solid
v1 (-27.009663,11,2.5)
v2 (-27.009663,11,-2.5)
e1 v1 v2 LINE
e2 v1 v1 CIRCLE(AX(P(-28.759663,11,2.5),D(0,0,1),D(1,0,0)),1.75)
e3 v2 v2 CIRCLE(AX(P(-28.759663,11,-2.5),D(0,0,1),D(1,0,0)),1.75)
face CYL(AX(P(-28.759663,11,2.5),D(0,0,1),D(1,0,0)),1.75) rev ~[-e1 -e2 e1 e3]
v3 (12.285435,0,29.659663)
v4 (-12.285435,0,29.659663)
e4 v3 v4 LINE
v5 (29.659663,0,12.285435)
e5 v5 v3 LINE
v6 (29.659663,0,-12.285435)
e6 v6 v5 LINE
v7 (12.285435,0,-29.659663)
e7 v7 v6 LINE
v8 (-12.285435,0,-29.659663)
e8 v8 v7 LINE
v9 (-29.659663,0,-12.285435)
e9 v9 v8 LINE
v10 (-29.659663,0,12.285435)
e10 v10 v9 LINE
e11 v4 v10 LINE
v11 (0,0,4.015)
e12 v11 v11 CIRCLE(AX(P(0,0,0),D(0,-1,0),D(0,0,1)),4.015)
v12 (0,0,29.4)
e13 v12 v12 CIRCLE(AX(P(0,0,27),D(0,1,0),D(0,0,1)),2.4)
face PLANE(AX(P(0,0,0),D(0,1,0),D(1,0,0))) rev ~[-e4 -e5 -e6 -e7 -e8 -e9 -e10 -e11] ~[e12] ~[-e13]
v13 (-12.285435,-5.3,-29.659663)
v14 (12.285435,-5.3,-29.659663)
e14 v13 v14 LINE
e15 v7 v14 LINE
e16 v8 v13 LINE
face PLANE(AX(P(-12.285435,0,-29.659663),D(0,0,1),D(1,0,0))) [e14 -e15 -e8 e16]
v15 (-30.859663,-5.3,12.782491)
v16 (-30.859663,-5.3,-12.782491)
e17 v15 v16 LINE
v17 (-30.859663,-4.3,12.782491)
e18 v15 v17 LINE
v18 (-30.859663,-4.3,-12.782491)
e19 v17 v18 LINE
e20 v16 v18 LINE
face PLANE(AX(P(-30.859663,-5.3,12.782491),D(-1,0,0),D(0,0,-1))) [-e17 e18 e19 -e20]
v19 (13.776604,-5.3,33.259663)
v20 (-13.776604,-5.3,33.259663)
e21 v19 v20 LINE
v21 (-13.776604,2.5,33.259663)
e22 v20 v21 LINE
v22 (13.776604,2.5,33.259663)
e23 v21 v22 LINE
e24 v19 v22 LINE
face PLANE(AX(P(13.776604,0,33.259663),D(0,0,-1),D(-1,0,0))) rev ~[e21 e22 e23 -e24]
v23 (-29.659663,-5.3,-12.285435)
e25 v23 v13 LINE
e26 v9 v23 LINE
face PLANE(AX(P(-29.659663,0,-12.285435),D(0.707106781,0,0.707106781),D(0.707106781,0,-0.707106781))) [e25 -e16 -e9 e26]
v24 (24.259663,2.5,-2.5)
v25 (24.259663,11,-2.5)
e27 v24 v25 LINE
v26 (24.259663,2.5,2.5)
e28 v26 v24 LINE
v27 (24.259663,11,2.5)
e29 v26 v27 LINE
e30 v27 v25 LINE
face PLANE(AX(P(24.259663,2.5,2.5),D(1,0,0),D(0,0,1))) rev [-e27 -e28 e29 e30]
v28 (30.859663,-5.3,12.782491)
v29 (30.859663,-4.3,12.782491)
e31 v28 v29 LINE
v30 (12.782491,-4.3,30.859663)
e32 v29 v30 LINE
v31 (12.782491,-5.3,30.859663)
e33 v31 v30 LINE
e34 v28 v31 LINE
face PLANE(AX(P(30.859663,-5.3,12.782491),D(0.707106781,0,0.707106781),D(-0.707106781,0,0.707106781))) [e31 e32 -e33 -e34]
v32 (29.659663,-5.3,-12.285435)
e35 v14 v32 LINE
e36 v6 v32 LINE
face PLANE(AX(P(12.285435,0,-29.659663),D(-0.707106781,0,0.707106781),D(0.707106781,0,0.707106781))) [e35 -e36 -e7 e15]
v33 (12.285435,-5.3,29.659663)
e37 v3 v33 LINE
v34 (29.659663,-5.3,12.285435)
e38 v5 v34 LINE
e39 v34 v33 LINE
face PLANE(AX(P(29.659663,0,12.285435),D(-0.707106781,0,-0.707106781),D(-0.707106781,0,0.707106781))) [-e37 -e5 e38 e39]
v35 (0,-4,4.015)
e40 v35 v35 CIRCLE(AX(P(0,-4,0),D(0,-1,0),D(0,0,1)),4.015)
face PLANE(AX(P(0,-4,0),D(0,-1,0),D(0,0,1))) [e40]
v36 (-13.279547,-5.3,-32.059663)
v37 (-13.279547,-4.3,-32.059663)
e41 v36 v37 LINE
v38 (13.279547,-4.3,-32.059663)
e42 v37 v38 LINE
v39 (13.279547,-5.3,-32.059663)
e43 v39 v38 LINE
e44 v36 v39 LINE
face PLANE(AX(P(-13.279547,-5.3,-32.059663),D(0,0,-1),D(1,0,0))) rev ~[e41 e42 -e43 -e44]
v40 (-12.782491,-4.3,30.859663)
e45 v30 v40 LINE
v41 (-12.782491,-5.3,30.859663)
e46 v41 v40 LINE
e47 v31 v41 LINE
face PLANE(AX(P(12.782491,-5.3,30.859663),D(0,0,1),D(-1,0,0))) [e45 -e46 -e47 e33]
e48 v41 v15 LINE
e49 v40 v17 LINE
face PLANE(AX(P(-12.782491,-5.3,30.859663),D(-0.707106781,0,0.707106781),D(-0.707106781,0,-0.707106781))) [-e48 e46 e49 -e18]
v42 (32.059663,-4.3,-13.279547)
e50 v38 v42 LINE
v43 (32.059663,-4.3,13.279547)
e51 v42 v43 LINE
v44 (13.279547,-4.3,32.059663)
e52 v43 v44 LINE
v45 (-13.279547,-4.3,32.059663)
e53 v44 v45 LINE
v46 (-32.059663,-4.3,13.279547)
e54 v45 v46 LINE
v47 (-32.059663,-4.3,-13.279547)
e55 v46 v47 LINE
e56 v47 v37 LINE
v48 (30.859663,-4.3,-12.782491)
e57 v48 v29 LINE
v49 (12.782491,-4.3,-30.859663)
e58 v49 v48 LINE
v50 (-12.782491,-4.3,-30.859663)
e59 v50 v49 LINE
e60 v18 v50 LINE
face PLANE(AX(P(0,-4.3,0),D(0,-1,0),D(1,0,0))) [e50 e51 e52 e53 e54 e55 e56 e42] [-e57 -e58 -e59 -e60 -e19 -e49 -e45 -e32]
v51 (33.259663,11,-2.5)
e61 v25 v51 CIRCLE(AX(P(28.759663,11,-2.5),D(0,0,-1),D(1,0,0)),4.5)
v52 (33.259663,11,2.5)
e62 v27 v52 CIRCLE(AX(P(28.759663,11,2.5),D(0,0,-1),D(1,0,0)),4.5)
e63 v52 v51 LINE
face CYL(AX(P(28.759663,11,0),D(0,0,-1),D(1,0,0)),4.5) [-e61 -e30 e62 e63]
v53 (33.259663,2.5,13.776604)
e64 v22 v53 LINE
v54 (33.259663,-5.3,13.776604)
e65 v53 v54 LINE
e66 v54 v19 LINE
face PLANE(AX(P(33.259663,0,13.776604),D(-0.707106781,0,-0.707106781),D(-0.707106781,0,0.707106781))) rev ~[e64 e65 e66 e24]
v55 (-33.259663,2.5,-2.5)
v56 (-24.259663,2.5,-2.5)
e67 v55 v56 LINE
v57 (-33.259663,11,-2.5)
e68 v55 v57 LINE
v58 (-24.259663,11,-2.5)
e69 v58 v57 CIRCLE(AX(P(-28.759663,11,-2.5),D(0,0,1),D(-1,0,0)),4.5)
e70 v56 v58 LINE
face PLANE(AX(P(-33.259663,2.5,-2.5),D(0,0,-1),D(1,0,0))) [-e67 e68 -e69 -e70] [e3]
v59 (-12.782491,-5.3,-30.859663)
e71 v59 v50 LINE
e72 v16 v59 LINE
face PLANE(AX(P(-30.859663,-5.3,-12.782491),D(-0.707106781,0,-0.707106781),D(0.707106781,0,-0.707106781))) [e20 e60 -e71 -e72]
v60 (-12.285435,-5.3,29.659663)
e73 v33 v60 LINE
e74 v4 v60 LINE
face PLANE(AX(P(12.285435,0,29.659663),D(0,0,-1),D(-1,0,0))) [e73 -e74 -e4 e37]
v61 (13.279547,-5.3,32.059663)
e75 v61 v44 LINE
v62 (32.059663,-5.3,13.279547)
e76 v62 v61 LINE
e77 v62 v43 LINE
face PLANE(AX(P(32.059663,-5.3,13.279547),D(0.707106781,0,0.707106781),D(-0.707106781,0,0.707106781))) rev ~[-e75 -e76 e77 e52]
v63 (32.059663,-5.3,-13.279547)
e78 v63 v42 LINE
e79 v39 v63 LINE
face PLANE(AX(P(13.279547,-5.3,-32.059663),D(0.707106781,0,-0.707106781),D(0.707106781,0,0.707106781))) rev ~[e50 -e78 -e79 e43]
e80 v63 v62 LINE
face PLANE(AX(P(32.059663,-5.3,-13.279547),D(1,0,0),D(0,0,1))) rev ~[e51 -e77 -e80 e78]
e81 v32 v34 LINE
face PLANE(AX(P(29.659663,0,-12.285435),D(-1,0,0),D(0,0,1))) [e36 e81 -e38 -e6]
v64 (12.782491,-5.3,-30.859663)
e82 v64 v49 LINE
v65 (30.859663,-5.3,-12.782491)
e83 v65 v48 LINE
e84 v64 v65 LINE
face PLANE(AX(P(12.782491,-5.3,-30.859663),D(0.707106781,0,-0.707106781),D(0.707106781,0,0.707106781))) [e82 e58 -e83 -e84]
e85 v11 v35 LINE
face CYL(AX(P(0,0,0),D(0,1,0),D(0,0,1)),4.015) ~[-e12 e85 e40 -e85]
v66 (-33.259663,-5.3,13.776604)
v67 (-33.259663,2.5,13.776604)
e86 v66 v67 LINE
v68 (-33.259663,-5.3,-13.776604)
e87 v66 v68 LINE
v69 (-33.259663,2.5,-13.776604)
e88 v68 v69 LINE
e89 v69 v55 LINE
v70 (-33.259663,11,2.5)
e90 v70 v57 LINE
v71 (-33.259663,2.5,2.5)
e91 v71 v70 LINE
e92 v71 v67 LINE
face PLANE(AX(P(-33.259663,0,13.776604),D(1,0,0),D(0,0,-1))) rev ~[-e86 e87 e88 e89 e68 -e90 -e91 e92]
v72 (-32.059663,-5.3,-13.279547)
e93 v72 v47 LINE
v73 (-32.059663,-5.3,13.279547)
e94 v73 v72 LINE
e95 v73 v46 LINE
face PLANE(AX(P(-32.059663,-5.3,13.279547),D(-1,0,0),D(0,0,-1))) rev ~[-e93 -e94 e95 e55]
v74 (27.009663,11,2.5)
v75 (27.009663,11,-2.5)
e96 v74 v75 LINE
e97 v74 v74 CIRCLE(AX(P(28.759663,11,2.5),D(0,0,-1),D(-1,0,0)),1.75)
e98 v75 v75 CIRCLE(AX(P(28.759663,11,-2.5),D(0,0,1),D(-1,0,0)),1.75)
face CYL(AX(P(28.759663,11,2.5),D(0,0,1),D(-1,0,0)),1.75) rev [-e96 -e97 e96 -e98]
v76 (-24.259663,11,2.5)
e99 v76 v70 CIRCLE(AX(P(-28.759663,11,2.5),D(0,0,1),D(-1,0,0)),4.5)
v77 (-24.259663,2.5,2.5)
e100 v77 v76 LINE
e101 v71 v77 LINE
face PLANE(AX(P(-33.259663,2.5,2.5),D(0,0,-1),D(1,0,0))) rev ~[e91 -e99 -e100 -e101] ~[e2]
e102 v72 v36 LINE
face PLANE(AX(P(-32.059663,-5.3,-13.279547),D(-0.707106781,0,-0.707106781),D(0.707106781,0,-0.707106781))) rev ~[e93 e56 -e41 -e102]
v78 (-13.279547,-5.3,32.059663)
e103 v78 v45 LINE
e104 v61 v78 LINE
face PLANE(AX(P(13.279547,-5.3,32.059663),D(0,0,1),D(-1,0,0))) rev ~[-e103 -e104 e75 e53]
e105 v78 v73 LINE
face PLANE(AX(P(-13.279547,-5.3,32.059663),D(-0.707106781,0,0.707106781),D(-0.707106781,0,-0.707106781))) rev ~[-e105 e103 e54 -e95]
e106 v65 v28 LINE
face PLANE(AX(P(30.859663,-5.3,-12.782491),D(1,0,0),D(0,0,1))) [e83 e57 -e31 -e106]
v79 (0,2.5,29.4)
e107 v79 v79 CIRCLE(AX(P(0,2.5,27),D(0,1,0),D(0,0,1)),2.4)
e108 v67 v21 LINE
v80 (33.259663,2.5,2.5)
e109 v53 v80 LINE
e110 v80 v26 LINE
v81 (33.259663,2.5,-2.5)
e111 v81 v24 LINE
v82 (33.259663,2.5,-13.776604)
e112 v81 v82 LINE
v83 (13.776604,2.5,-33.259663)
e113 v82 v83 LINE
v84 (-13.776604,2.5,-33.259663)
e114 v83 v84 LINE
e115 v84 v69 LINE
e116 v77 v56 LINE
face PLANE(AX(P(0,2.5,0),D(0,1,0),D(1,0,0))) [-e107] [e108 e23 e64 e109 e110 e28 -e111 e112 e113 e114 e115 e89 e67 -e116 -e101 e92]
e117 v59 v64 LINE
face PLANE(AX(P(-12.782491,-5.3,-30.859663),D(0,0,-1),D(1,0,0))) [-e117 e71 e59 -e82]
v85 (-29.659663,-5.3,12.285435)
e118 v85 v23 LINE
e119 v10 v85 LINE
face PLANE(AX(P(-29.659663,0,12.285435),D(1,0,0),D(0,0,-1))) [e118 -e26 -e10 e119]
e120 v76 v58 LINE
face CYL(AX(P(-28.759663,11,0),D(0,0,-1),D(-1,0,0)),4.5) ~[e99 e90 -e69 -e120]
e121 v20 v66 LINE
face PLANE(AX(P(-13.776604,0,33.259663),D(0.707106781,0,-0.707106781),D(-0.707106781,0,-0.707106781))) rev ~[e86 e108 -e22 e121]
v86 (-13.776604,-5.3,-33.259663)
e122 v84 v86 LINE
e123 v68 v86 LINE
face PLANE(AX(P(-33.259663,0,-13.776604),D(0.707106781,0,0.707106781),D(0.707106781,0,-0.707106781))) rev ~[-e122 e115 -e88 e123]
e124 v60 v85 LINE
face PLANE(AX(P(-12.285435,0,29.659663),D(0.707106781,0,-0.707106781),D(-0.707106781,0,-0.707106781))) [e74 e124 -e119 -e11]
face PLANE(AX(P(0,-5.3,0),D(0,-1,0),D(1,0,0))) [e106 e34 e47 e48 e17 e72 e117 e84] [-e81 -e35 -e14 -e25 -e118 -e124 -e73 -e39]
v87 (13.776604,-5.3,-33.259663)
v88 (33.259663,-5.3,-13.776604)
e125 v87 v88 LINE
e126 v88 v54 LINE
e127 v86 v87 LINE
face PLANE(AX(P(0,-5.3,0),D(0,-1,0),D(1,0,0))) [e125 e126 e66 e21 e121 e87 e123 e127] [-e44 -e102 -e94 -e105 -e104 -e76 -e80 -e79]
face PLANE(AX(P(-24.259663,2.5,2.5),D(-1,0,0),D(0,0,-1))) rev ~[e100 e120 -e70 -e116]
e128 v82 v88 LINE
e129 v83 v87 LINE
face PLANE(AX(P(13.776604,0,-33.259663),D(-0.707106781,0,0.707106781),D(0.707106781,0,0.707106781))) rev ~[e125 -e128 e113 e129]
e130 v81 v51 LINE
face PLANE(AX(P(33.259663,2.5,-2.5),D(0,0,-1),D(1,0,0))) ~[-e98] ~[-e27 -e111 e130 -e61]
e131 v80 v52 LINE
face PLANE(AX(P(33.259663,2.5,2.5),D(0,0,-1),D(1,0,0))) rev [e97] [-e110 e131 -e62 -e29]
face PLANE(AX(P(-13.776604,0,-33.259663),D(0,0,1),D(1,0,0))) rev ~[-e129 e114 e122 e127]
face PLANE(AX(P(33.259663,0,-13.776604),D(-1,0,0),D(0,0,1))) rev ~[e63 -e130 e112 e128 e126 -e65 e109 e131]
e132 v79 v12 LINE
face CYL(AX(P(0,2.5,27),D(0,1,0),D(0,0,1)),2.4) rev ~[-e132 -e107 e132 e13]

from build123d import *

# Parameters (mm, degrees)
EXTRUDE_1_DEPTH     = 2.5
EXTRUDE_2_DEPTH     = 5.3
CUT_EXTRUDE_1_DEPTH = 1
SKETCH_6_R          = 4.015
EXTRUDE_4_DEPTH     = 4
SKETCH_7_R          = 2.4
CUT_EXTRUDE_3_DEPTH = 48.67861563
SKETCH_8_W          = 9
SKETCH_8_H          = 5
EXTRUDE_5_DEPTH     = 8.5
SKETCH_9_W          = 4.5
SKETCH_9_H          = 5
SKETCH_10_R         = 1.75
CUT_EXTRUDE_4_DEPTH = 52.236790534


with BuildPart() as part:
    # 스케치1 → 보스-돌출1 (new body)
    with BuildSketch(Plane(origin=(0, 0, 0), x_dir=(1, 0, 0), z_dir=(0, 1, 0))):
        Polygon((13.776603565, 33.25966317), (-13.776603565, 33.25966317), (-33.25966317, 13.776603565), (-33.25966317, -13.776603565), (-13.776603565, -33.25966317), (13.776603565, -33.25966317), (33.25966317, -13.776603565), (33.25966317, 13.776603565), align=None)
        Polygon((-13.27954729, 32.05966317), (-32.05966317, 13.27954729), (-32.05966317, -13.27954729), (-13.27954729, -32.05966317), (13.27954729, -32.05966317), (32.05966317, -13.27954729), (32.05966317, 13.27954729), (13.27954729, 32.05966317), align=None, mode=Mode.SUBTRACT)
        Polygon((13.27954729, 32.05966317), (-13.27954729, 32.05966317), (-32.05966317, 13.27954729), (-32.05966317, -13.27954729), (-13.27954729, -32.05966317), (13.27954729, -32.05966317), (32.05966317, -13.27954729), (32.05966317, 13.27954729), align=None)
    extrude(amount=EXTRUDE_1_DEPTH)

    # 스케치2 → 보스-돌출2 (add)
    with BuildSketch(Plane.XZ):
        Polygon((-33.25966317, -13.776603565), (-13.776603565, -33.25966317), (13.776603565, -33.25966317), (33.25966317, -13.776603565), (33.25966317, 13.776603565), (13.776603565, 33.25966317), (-13.776603565, 33.25966317), (-33.25966317, 13.776603565), align=None)
        Polygon((-32.05966317, -13.27954729), (-13.27954729, -32.05966317), (13.27954729, -32.05966317), (32.05966317, -13.27954729), (32.05966317, 13.27954729), (13.27954729, 32.05966317), (-13.27954729, 32.05966317), (-32.05966317, 13.27954729), align=None, mode=Mode.SUBTRACT)
        Polygon((-32.05966317, 13.27954729), (-32.05966317, -13.27954729), (-13.27954729, -32.05966317), (13.27954729, -32.05966317), (32.05966317, -13.27954729), (32.05966317, 13.27954729), (13.27954729, 32.05966317), (-13.27954729, 32.05966317), align=None)
        Polygon((-30.85966317, -12.782491015), (-12.782491015, -30.85966317), (12.782491015, -30.85966317), (30.85966317, -12.782491015), (30.85966317, 12.782491015), (12.782491015, 30.85966317), (-12.782491015, 30.85966317), (-30.85966317, 12.782491015), align=None, mode=Mode.SUBTRACT)
        Polygon((-30.85966317, 12.782491015), (-30.85966317, -12.782491015), (-12.782491015, -30.85966317), (12.782491015, -30.85966317), (30.85966317, -12.782491015), (30.85966317, 12.782491015), (12.782491015, 30.85966317), (-12.782491015, 30.85966317), align=None)
        Polygon((-29.65966317, -12.285434741), (-12.285434741, -29.65966317), (12.285434741, -29.65966317), (29.65966317, -12.285434741), (29.65966317, 12.285434741), (12.285434741, 29.65966317), (-12.285434741, 29.65966317), (-29.65966317, 12.285434741), align=None, mode=Mode.SUBTRACT)
    extrude(amount=EXTRUDE_2_DEPTH)

    # 스케치3 → 컷-돌출1 (cut)
    with BuildSketch(Plane.XZ.offset(5.3)):
        Polygon((-32.05966317, -13.27954729), (-13.27954729, -32.05966317), (13.27954729, -32.05966317), (32.05966317, -13.27954729), (32.05966317, 13.27954729), (13.27954729, 32.05966317), (-13.27954729, 32.05966317), (-32.05966317, 13.27954729), align=None)
        Polygon((-30.85966317, -12.782491015), (-12.782491015, -30.85966317), (12.782491015, -30.85966317), (30.85966317, -12.782491015), (30.85966317, 12.782491015), (12.782491015, 30.85966317), (-12.782491015, 30.85966317), (-30.85966317, 12.782491015), align=None, mode=Mode.SUBTRACT)
    extrude(amount=-CUT_EXTRUDE_1_DEPTH, mode=Mode.SUBTRACT)

    # 스케치6 → 보스-돌출4 (add)
    with BuildSketch(Plane.XZ):
        with Locations(Location((0, 0, 0), (0, 0, 90))):
            Circle(SKETCH_6_R)
    extrude(amount=EXTRUDE_4_DEPTH)

    # 스케치7 → 컷-돌출3 (cut, through all)
    with BuildSketch(Plane(origin=(0, 2.5, 0), x_dir=(1, 0, 0), z_dir=(0, 1, 0))):
        with Locations(Location((0, -27, 0), (0, 0, 270))):
            Circle(SKETCH_7_R)
    extrude(amount=-CUT_EXTRUDE_3_DEPTH, mode=Mode.SUBTRACT)

    # 스케치8 → 보스-돌출5 (add)
    with BuildSketch(Plane(origin=(0, 2.5, 0), x_dir=(1, 0, 0), z_dir=(0, 1, 0))):
        with Locations((-28.75966317, 0)):
            Rectangle(SKETCH_8_W, SKETCH_8_H)
    extrude_5 = extrude(amount=EXTRUDE_5_DEPTH)

    # 스케치9 → 회전1 (revolve)
    with BuildSketch(Plane(origin=(0, 11, 0), x_dir=(1, 0, 0), z_dir=(0, 1, 0))):
        with Locations((-31.00966317, 0)):
            Rectangle(SKETCH_9_W, SKETCH_9_H)
    revolve_1 = revolve(axis=Axis((-28.75966317, 11, -5.508751215), (0, 0, 1)))

    # 스케치10 → 컷-돌출4 (cut, through all)
    with BuildSketch(Plane.XY.offset(2.5)):
        with Locations((-28.75966317, 11)):
            Circle(SKETCH_10_R)
    cut_extrude_4 = extrude(amount=-CUT_EXTRUDE_4_DEPTH, mode=Mode.SUBTRACT)

    # 대칭 복사1: 보스-돌출5, 회전1, 컷-돌출4 across plane
    add(extrude_5.mirror(Plane(origin=(0, 0, 0), x_dir=(0, 0, 1), z_dir=(1, 0, 0))))
    add(revolve_1.mirror(Plane(origin=(0, 0, 0), x_dir=(0, 0, 1), z_dir=(1, 0, 0))))
    add(cut_extrude_4.mirror(Plane(origin=(0, 0, 0), x_dir=(0, 0, 1), z_dir=(1, 0, 0))), mode=Mode.SUBTRACT)


solid = part.part
